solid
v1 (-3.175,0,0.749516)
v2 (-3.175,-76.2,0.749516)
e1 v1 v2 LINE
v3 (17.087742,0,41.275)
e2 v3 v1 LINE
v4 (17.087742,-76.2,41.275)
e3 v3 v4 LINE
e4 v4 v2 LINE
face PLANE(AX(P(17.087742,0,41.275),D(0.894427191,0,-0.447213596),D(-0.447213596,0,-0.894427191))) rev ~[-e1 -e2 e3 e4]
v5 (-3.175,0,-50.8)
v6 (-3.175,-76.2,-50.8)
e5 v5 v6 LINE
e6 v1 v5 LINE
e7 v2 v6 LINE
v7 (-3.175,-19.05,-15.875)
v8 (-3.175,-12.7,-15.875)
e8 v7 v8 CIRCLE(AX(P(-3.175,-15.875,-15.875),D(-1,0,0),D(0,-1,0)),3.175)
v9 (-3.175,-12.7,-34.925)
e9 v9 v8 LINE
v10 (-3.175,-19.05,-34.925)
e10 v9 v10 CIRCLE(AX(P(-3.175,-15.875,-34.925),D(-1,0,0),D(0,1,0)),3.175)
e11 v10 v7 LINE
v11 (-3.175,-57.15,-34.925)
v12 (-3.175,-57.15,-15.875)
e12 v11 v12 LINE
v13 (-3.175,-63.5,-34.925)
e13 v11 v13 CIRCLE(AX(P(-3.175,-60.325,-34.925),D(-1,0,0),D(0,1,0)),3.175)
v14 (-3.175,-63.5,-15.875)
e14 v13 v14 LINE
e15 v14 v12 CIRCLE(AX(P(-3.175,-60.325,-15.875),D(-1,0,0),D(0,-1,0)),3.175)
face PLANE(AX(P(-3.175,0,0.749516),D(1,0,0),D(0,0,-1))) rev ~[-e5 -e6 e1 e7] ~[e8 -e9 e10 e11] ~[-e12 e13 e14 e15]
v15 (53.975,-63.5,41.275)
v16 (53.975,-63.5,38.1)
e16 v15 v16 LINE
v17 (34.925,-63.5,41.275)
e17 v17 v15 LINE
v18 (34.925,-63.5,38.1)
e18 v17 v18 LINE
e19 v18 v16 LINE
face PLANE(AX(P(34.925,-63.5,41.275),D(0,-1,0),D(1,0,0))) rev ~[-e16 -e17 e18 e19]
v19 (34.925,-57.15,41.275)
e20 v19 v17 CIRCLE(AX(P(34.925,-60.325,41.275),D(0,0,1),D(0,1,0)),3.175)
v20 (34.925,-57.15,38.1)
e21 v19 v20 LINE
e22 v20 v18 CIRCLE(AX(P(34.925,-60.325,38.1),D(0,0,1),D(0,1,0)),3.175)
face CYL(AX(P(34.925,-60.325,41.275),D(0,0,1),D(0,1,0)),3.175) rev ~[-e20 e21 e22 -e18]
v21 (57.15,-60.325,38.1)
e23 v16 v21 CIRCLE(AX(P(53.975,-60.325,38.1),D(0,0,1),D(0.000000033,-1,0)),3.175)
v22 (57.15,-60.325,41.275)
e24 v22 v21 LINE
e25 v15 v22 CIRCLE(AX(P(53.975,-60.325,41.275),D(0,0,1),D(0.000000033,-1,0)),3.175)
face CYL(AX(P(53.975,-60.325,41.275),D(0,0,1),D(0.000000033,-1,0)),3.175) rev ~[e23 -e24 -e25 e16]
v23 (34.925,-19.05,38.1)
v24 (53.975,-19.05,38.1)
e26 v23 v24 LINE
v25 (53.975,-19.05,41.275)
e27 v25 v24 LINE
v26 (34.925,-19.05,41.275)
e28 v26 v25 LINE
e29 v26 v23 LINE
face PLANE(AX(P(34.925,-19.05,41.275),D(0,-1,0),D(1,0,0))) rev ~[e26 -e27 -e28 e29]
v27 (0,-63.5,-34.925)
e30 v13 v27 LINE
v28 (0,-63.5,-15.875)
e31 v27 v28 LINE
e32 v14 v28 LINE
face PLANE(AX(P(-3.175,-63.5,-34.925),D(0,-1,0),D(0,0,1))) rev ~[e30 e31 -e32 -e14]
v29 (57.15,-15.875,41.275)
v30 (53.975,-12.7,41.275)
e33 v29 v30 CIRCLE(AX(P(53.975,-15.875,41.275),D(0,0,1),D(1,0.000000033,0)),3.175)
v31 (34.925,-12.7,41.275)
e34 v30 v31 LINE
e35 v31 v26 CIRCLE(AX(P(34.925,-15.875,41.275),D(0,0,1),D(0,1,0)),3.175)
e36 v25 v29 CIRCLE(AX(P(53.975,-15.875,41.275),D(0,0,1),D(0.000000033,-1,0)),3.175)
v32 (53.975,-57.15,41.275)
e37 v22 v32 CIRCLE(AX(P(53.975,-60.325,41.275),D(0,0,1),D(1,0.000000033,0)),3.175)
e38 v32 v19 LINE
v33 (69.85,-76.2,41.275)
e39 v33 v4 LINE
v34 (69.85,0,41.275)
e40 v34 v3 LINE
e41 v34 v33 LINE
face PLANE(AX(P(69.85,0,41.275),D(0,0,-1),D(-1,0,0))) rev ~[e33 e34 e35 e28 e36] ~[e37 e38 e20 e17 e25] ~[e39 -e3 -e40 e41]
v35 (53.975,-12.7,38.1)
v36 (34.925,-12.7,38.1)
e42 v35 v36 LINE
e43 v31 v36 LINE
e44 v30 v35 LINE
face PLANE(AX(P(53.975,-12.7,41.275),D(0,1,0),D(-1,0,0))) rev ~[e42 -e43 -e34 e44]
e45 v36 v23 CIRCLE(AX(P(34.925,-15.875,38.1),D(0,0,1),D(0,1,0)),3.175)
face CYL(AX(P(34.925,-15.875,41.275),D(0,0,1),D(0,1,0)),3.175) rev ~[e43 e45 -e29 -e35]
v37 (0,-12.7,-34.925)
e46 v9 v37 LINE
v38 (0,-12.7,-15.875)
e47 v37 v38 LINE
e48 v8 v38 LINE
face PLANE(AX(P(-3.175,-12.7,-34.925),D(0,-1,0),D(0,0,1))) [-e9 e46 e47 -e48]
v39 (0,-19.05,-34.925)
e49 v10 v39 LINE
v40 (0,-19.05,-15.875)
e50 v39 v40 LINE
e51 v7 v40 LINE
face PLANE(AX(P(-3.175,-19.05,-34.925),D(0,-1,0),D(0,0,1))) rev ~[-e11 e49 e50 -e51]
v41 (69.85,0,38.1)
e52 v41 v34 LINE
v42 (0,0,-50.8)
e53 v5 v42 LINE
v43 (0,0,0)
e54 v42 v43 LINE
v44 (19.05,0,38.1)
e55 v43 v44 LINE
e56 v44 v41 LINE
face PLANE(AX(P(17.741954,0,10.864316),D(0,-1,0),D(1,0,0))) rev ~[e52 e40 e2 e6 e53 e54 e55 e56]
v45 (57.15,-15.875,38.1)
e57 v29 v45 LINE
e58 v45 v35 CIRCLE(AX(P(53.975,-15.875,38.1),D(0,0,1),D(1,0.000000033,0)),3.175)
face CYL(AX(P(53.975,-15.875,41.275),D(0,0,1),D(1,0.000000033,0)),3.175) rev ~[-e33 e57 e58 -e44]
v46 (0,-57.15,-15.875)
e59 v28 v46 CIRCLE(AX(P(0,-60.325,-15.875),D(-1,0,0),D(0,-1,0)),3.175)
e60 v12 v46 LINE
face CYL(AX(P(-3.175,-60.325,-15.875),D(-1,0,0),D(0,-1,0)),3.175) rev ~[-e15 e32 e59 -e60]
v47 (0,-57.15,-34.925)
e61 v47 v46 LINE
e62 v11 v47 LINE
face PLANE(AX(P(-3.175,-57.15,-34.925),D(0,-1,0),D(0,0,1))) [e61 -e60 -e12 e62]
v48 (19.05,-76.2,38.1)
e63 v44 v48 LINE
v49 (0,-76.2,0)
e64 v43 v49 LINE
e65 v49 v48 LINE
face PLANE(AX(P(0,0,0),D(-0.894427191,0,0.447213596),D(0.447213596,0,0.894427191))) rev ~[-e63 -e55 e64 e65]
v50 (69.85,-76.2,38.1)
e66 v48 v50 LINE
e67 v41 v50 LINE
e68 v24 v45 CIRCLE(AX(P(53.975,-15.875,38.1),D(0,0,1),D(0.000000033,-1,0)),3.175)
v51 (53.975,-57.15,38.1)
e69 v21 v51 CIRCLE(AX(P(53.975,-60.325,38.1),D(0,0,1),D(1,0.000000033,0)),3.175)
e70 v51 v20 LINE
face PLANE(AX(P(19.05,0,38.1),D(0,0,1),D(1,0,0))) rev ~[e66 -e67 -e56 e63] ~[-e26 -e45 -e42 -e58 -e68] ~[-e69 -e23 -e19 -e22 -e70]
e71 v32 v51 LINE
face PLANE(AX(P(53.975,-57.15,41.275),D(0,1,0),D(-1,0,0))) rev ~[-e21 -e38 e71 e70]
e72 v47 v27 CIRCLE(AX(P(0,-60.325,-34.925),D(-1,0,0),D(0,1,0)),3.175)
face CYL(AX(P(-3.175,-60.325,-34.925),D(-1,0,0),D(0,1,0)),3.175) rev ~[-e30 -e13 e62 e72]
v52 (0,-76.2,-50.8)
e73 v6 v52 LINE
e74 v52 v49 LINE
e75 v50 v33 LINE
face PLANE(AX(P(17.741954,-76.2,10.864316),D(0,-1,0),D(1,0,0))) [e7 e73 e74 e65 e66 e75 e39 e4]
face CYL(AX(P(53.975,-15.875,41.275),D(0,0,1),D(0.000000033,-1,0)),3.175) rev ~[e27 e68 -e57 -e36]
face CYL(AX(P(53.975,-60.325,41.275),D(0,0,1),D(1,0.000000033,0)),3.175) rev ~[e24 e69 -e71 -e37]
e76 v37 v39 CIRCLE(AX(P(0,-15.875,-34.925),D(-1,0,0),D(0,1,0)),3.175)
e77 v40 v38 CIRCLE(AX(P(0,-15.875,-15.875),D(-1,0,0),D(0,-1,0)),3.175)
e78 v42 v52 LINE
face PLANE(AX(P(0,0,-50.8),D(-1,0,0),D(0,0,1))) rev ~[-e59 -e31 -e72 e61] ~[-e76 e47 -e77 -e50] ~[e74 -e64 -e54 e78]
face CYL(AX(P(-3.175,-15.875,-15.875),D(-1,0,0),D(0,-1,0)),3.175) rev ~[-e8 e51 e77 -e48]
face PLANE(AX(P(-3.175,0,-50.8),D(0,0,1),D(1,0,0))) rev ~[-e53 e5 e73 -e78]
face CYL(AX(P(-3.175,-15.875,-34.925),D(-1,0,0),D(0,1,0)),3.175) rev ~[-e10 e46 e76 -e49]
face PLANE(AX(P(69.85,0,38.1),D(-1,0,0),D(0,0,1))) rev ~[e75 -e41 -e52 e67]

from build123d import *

# Parameters (mm, degrees)
F1_DEPTH = 76.2
F3_DEPTH = 92.076
F4_DEPTH = 92.076
F5_W     = 6.35
F5_H     = 19.05
F6_DEPTH = 73.026
F7_W     = 6.35
F7_H     = 19.05
F8_DEPTH = 73.026


with BuildPart() as f1:
    # F0 (on Front) → F1 (new body)
    with BuildSketch(Plane.XZ):
        Polygon((0, -50.8), (0, 0), (19.05, 38.1), (69.85, 38.1), (69.85, 41.275), (17.087742, 41.275), (-3.175, 0.749516), (-3.175, -50.8), align=None)
    extrude(amount=F1_DEPTH)

    # F2 (on face) → F3 (cut, through all)
    with BuildSketch(Plane.XY.offset(41.275)):
        with BuildLine():
            ThreePointArc((53.975, -19.05), (56.220064, -18.120064), (57.15, -15.875))
            ThreePointArc((57.15, -15.875), (56.220064, -13.629936), (53.975, -12.7))
            ThreePointArc((53.975, -12.7), (50.8, -15.875), (53.975, -19.05))
        make_face()
        with BuildLine():
            ThreePointArc((53.975, -19.05), (50.8, -15.875), (53.975, -12.7))
            Line((53.975, -12.7), (34.925, -12.7))
            ThreePointArc((34.925, -12.7), (37.170064, -13.629936), (38.1, -15.875))
            ThreePointArc((38.1, -15.875), (37.170064, -18.120064), (34.925, -19.05))
            Line((34.925, -19.05), (53.975, -19.05))
        make_face()
        with BuildLine():
            ThreePointArc((38.1, -15.875), (37.170064, -13.629936), (34.925, -12.7))
            ThreePointArc((34.925, -12.7), (31.75, -15.875), (34.925, -19.05))
            ThreePointArc((34.925, -19.05), (37.170064, -18.120064), (38.1, -15.875))
        make_face()
    extrude(amount=-F3_DEPTH, mode=Mode.SUBTRACT)

    # F2 (on face) → F4 (cut, through all)
    with BuildSketch(Plane.XY.offset(41.275)):
        with BuildLine():
            ThreePointArc((38.1, -60.325), (37.170064, -58.079936), (34.925, -57.15))
            ThreePointArc((34.925, -57.15), (31.75, -60.325), (34.925, -63.5))
            ThreePointArc((34.925, -63.5), (37.170064, -62.570064), (38.1, -60.325))
        make_face()
        with BuildLine():
            ThreePointArc((53.975, -63.5), (56.220064, -62.570064), (57.15, -60.325))
            ThreePointArc((57.15, -60.325), (56.220064, -58.079936), (53.975, -57.15))
            ThreePointArc((53.975, -57.15), (50.8, -60.325), (53.975, -63.5))
        make_face()
        with BuildLine():
            ThreePointArc((53.975, -63.5), (50.8, -60.325), (53.975, -57.15))
            Line((53.975, -57.15), (34.925, -57.15))
            ThreePointArc((34.925, -57.15), (37.170064, -58.079936), (38.1, -60.325))
            ThreePointArc((38.1, -60.325), (37.170064, -62.570064), (34.925, -63.5))
            Line((34.925, -63.5), (53.975, -63.5))
        make_face()
    extrude(amount=-F4_DEPTH, mode=Mode.SUBTRACT)

    # F5 (on face) → F6 (cut, through all)
    with BuildSketch(Plane(origin=(-3.175, 0, 0), x_dir=(0, -1, 0), z_dir=(-1, 0, 0))):
        with BuildLine():
            Line((19.05, -34.925), (12.7, -34.925))
            ThreePointArc((12.7, -34.925), (15.875, -38.1), (19.05, -34.925))
        make_face()
        with BuildLine():
            ThreePointArc((19.05, -15.875), (15.875, -12.7), (12.7, -15.875))
            Line((12.7, -15.875), (19.05, -15.875))
        make_face()
        with Locations((15.875, -25.4)):
            Rectangle(F5_W, F5_H)
    extrude(amount=-F6_DEPTH, mode=Mode.SUBTRACT)

    # F7 (on face) → F8 (cut, through all)
    with BuildSketch(Plane(origin=(-3.175, 0, 0), x_dir=(0, -1, 0), z_dir=(-1, 0, 0))):
        with BuildLine():
            Line((57.15, -15.875), (63.5, -15.875))
            ThreePointArc((63.5, -15.875), (60.325, -12.7), (57.15, -15.875))
        make_face()
        with BuildLine():
            ThreePointArc((57.15, -34.925), (60.325, -38.1), (63.5, -34.925))
            Line((63.5, -34.925), (57.15, -34.925))
        make_face()
        with Locations((60.325, -25.4)):
            Rectangle(F7_W, F7_H)
    extrude(amount=-F8_DEPTH, mode=Mode.SUBTRACT)


solid = f1.part
